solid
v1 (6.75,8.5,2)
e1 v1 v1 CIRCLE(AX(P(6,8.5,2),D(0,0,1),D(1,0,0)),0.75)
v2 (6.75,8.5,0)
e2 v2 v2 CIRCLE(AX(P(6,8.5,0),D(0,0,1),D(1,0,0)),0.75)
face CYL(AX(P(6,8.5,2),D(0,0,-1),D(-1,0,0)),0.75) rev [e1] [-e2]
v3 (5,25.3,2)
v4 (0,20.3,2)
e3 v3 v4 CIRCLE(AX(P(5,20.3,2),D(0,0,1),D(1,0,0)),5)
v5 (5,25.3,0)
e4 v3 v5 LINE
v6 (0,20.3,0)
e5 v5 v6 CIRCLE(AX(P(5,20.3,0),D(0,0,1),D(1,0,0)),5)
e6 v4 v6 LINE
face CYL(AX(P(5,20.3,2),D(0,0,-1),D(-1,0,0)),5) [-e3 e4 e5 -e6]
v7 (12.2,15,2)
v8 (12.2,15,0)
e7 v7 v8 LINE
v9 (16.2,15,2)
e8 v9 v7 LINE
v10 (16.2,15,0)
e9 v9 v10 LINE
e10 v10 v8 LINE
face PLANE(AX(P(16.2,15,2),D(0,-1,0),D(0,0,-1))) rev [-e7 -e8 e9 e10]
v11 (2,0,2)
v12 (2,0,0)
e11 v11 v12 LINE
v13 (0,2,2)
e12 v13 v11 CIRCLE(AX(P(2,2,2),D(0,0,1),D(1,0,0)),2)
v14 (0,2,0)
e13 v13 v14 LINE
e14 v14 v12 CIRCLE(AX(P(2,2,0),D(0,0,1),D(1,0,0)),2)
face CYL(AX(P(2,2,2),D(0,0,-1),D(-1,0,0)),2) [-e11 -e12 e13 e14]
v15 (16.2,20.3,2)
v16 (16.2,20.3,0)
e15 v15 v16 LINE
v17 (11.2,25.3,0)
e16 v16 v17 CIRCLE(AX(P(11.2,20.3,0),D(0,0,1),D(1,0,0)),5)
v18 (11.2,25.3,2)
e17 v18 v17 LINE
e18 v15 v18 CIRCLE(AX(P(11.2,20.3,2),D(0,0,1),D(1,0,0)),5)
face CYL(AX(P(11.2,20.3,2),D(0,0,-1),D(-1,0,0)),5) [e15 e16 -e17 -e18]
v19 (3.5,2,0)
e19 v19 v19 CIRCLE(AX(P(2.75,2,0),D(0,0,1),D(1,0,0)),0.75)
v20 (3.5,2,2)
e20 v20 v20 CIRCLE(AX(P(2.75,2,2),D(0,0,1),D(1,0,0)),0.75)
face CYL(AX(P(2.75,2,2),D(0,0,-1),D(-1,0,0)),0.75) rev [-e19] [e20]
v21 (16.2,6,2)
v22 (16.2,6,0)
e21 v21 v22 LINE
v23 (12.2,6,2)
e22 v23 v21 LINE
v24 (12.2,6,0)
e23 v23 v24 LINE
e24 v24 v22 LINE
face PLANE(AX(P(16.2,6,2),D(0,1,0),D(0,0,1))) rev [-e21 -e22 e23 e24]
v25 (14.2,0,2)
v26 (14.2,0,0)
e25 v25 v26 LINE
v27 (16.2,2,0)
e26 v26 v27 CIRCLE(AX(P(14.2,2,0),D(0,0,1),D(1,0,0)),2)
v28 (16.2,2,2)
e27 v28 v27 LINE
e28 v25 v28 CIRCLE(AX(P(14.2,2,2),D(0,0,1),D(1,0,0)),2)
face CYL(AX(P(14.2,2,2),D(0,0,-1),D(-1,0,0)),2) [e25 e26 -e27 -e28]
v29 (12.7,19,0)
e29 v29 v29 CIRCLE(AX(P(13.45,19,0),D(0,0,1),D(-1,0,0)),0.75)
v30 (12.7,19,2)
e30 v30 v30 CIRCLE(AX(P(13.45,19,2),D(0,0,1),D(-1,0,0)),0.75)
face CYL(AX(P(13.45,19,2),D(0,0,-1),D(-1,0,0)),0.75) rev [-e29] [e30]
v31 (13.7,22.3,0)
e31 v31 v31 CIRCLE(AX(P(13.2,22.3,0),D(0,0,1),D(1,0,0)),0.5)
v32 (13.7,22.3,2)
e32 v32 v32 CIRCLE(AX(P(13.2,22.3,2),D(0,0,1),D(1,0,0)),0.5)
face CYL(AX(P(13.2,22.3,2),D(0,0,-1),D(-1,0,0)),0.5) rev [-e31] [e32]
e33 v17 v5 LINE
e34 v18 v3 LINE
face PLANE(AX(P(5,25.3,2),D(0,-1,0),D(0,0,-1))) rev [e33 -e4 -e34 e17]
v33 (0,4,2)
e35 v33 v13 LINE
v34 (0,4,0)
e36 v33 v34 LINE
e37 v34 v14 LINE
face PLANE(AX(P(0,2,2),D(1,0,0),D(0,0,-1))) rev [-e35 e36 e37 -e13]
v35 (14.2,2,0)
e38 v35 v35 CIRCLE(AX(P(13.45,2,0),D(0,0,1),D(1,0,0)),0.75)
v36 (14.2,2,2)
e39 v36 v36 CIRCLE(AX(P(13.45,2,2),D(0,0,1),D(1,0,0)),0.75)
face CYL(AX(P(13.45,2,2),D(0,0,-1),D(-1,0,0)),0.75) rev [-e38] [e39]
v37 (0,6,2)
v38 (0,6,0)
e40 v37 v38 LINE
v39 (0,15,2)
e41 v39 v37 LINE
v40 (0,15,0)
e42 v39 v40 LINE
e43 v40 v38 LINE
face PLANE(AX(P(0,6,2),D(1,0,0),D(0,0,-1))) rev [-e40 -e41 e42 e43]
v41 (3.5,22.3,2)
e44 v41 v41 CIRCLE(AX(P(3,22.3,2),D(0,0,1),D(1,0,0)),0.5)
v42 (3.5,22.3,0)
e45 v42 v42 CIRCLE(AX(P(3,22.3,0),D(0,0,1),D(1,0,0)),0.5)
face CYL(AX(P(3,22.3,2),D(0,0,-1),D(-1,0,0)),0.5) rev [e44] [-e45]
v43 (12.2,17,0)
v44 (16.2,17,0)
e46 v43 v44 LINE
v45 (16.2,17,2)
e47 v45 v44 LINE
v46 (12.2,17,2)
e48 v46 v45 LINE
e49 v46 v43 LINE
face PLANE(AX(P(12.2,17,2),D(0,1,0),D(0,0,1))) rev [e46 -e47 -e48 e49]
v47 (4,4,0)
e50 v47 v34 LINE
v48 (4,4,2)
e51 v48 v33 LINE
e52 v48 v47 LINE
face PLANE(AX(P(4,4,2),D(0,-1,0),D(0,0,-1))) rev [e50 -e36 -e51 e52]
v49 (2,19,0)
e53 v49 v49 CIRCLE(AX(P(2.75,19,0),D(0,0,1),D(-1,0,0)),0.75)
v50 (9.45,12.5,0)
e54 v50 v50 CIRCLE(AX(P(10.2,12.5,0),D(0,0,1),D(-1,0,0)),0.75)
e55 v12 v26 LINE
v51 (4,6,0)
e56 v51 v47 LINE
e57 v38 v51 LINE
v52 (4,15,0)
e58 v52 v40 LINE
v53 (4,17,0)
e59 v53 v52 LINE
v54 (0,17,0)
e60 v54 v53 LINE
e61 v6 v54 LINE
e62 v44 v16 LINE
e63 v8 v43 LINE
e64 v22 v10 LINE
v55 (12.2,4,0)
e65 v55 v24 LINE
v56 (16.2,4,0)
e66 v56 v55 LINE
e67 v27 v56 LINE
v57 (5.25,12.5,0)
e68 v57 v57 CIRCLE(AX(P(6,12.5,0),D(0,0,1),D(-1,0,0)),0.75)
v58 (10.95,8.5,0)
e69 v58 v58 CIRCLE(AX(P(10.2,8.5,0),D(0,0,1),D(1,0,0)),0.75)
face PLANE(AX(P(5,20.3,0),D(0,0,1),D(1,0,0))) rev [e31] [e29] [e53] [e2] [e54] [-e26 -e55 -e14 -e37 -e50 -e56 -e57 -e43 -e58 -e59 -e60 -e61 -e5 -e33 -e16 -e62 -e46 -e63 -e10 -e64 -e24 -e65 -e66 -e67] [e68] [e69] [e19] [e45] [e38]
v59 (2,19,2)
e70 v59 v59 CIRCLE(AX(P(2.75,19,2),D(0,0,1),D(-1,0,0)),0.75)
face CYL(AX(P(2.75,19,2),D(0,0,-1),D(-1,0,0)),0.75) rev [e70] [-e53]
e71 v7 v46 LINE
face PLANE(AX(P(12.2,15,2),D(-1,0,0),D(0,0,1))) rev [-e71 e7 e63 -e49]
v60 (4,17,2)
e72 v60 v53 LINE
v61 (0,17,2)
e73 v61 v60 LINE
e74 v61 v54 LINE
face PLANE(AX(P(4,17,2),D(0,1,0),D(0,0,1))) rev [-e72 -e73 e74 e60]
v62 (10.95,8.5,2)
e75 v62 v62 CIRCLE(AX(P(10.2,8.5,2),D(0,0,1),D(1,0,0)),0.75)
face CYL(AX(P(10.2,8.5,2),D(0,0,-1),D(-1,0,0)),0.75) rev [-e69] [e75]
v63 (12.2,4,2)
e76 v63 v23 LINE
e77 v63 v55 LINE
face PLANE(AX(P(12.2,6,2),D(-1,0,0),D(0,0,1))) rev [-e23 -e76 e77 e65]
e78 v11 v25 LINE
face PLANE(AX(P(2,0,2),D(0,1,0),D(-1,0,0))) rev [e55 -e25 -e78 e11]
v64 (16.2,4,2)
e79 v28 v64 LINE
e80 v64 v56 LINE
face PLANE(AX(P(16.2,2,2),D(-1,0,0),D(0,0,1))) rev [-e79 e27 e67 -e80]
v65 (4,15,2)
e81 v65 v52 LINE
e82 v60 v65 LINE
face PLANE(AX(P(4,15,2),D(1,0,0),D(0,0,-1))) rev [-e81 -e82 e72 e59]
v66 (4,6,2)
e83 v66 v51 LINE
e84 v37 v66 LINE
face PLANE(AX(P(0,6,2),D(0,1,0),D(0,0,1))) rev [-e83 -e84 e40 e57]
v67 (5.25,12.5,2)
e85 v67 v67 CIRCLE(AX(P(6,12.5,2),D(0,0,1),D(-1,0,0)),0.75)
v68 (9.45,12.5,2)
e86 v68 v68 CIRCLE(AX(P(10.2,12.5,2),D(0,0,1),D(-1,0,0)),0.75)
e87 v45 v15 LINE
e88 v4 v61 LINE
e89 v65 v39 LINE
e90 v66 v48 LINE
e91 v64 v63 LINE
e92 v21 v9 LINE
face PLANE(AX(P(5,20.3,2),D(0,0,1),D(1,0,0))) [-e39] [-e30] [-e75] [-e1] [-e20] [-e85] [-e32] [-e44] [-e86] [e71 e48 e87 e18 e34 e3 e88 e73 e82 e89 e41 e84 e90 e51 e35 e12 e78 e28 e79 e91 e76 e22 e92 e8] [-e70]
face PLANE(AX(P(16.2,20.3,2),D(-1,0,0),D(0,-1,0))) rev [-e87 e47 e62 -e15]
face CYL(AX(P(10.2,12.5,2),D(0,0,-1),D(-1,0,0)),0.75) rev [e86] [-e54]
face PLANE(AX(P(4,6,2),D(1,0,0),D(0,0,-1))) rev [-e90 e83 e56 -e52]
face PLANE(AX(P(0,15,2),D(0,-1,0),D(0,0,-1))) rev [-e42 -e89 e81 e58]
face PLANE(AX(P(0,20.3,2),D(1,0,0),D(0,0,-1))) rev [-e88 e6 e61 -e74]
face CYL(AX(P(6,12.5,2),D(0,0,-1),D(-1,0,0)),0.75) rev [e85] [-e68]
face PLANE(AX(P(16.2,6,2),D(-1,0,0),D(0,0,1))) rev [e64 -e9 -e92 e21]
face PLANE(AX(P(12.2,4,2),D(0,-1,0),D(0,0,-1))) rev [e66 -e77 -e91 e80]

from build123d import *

# Parameters (mm, degrees)
SKETCH1_R           = 0.75
SKETCH1_R_2         = 0.5
BOSS_EXTRUDE1_DEPTH = 2


with BuildPart() as part:
    # Sketch1 → Boss-Extrude1 (new body)
    with BuildSketch(Plane.XY):
        with BuildLine():
            Line((0, 6), (0, 15))
            Line((0, 15), (4, 15))
            Line((4, 15), (4, 17))
            Line((4, 17), (0, 17))
            Line((0, 17), (0, 20.3))
            ThreePointArc((0, 20.3), (1.464466094, 23.835533906), (5, 25.3))
            Line((5, 25.3), (11.2, 25.3))
            ThreePointArc((11.2, 25.3), (14.735533906, 23.835533906), (16.2, 20.3))
            Line((16.2, 20.3), (16.2, 17))
            Line((16.2, 17), (12.2, 17))
            Line((12.2, 17), (12.2, 15))
            Line((12.2, 15), (16.2, 15))
            Line((16.2, 15), (16.2, 6))
            Line((16.2, 6), (12.2, 6))
            Line((12.2, 6), (12.2, 4))
            Line((12.2, 4), (16.2, 4))
            Line((16.2, 4), (16.2, 2))
            ThreePointArc((16.2, 2), (15.614213562, 0.585786438), (14.2, 0))
            Line((14.2, 0), (2, 0))
            ThreePointArc((2, 0), (0.585786438, 0.585786438), (0, 2))
            Line((0, 2), (0, 4))
            Line((0, 4), (4, 4))
            Line((4, 4), (4, 6))
            Line((4, 6), (0, 6))
        make_face()
        with Locations(Location((6, 12.5, 0), (0, 0, 180))):
            Circle(SKETCH1_R, mode=Mode.SUBTRACT)
        with Locations(Location((10.2, 12.5, 0), (0, 0, 180))):
            Circle(SKETCH1_R, mode=Mode.SUBTRACT)
        with Locations(Location((2.75, 19, 0), (0, 0, 180))):
            Circle(SKETCH1_R, mode=Mode.SUBTRACT)
        with Locations(Location((13.45, 19, 0), (0, 0, 180))):
            Circle(SKETCH1_R, mode=Mode.SUBTRACT)
        with Locations((10.2, 8.5)):
            Circle(SKETCH1_R, mode=Mode.SUBTRACT)
        with Locations((6, 8.5)):
            Circle(SKETCH1_R, mode=Mode.SUBTRACT)
        with Locations((3, 22.3)):
            Circle(SKETCH1_R_2, mode=Mode.SUBTRACT)
        with Locations((13.2, 22.3)):
            Circle(SKETCH1_R_2, mode=Mode.SUBTRACT)
        with Locations((13.45, 2)):
            Circle(SKETCH1_R, mode=Mode.SUBTRACT)
        with Locations((2.75, 2)):
            Circle(SKETCH1_R, mode=Mode.SUBTRACT)
    extrude(amount=BOSS_EXTRUDE1_DEPTH)


solid = part.part
